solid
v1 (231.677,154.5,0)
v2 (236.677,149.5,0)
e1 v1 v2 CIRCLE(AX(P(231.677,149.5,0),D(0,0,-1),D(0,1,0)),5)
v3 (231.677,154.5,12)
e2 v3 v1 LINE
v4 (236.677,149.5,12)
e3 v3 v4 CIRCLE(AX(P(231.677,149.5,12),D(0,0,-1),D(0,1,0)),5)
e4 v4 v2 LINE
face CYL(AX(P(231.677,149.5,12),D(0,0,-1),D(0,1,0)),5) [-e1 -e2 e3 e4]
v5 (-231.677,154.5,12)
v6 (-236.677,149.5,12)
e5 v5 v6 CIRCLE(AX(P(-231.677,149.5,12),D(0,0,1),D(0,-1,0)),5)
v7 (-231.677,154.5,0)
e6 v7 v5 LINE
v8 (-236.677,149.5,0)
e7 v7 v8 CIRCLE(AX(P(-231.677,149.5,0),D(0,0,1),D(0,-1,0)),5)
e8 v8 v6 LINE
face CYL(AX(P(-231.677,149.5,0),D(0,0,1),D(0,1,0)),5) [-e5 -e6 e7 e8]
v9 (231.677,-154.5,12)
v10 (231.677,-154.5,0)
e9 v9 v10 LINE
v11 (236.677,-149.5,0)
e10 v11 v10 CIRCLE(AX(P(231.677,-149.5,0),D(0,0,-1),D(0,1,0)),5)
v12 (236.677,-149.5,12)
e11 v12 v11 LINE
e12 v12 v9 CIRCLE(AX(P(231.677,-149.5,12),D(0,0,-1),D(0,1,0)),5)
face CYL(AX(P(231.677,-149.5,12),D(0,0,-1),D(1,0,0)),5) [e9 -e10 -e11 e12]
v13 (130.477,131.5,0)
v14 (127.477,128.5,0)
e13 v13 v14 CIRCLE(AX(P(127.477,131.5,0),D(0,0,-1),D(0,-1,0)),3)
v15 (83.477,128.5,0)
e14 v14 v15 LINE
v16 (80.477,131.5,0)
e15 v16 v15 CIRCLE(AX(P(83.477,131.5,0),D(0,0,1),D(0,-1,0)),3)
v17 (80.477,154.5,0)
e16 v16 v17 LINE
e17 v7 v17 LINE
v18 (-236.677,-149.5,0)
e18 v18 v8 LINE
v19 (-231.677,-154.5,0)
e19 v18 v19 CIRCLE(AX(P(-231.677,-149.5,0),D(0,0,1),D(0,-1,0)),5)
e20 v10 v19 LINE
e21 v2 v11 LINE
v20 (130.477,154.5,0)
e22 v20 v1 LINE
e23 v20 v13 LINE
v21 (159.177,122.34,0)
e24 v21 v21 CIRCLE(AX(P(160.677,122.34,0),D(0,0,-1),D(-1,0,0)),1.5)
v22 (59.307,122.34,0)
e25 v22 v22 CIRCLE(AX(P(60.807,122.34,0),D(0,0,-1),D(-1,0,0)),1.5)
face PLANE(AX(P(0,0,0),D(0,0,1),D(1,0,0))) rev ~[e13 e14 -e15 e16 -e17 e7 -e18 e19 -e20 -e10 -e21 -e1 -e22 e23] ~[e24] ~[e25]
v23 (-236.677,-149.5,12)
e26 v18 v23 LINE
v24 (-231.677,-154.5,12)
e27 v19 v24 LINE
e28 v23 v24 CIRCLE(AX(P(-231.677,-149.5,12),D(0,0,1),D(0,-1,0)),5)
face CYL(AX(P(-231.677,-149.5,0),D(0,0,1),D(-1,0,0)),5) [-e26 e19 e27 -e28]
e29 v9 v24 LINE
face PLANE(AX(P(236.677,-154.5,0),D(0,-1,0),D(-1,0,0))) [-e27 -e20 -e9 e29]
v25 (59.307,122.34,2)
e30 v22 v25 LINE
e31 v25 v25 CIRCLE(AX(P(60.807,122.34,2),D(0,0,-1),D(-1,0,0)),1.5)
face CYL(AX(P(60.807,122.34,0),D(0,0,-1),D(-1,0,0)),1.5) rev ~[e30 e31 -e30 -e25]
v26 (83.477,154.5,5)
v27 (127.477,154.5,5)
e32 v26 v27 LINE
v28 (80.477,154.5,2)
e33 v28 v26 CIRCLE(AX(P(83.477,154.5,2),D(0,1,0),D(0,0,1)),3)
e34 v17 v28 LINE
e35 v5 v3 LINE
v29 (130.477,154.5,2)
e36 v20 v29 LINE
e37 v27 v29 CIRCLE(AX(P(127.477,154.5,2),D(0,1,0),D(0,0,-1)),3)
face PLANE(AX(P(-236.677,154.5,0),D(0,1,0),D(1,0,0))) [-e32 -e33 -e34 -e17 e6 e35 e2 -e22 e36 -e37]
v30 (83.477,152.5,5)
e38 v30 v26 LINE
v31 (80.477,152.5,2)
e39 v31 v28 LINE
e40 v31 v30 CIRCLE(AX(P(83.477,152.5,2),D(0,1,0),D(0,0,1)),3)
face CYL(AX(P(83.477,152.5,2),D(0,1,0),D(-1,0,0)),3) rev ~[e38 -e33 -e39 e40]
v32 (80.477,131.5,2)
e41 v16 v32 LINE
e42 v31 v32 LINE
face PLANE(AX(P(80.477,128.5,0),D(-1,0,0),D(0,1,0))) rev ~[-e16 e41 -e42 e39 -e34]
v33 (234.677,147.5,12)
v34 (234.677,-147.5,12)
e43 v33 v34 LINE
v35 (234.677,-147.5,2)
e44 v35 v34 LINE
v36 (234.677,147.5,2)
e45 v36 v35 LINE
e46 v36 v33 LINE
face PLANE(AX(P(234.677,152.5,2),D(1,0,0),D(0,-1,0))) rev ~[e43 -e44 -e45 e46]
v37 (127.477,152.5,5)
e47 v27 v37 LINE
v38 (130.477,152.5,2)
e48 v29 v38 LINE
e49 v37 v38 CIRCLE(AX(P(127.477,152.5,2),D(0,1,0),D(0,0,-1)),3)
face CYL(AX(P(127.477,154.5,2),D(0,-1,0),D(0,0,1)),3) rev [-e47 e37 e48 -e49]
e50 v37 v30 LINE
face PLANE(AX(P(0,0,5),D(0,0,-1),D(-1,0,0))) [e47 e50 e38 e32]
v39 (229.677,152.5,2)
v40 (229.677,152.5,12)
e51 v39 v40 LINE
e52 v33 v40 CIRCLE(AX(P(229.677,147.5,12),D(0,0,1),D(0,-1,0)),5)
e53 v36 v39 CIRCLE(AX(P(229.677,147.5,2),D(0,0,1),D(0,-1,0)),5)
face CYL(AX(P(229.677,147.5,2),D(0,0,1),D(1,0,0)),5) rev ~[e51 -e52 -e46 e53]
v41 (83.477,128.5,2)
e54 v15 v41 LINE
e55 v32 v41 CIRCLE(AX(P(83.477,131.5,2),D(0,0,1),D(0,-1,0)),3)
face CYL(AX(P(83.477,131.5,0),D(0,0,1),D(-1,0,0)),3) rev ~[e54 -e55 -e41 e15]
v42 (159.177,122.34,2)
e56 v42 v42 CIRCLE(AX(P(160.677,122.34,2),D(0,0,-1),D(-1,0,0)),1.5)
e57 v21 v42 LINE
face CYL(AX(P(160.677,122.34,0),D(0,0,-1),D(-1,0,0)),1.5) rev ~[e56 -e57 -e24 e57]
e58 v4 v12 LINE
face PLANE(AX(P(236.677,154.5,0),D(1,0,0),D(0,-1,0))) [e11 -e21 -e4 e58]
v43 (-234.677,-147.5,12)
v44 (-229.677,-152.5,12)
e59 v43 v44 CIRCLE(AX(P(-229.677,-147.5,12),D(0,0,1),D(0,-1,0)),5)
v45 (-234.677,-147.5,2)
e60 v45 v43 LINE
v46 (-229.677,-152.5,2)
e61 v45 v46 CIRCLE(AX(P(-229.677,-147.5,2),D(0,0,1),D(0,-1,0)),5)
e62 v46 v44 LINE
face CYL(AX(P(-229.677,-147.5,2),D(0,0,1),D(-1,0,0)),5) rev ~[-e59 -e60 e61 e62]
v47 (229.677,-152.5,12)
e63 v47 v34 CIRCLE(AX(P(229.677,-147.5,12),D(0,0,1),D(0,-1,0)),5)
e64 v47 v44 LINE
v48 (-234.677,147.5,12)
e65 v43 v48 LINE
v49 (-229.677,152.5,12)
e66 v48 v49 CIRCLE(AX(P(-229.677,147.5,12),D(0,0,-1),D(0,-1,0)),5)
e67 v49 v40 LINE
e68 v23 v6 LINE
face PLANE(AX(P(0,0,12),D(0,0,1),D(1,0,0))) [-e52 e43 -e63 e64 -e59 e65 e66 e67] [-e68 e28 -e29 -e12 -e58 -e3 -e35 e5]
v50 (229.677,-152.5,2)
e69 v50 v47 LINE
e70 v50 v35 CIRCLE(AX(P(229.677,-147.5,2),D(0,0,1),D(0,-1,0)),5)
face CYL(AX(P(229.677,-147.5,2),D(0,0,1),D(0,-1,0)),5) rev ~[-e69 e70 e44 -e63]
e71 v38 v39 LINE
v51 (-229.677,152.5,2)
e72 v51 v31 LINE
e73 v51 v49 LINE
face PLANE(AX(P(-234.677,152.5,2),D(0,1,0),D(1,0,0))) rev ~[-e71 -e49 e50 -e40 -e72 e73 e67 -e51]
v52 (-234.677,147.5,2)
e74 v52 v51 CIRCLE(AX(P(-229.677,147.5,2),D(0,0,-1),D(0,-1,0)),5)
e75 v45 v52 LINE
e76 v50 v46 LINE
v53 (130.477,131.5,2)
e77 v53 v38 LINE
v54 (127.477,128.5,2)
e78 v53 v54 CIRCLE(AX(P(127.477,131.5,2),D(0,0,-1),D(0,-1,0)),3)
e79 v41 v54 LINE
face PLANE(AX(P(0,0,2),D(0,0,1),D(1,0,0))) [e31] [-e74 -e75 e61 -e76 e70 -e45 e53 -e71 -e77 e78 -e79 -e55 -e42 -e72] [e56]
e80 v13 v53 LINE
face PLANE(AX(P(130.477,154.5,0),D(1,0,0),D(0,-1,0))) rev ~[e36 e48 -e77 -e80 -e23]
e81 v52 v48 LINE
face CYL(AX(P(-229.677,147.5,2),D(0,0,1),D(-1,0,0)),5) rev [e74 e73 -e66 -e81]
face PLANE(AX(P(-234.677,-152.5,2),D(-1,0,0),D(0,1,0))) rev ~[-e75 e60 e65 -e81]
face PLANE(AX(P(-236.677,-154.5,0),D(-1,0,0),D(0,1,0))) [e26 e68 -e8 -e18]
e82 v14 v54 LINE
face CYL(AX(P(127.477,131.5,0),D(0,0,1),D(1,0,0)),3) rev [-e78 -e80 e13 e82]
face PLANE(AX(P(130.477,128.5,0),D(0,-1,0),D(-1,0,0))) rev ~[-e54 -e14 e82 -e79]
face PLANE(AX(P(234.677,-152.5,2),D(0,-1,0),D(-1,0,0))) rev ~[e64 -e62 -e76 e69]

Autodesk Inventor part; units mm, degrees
ref_plane "YZ Plane" through (0, 0, 0) normal (1, 0, 0) x (0, 1, 0)
ref_plane "XZ Plane" through (0, 0, 0) normal (0, 1, 0) x (-1, 0, 0)
ref_plane "XY Plane" through (0, 0, 0) normal (0, 0, 1) x (1, 0, 0)
sketch "Sketch1" plane through (0, 0, 0) normal (0, 0, 1) x (1, 0, 0)
  line L0 (-236.677, 154.5) -> (236.677, 154.5)
  line L1 (236.677, 154.5) -> (236.677, -154.5)
  line L2 (236.677, -154.5) -> (-236.677, -154.5)
  line L3 (-236.677, -154.5) -> (-236.677, 154.5)
  point P0 (0, 0)
  point P1 (0, 154.5)
  point P2 (-236.677, 0)
  dimension "d0" = 473.354
  dimension "d1" = 309
extrude "Extrusion1" add sketch "Sketch1" along normal blind 2
sketch "Sketch2" plane through (0, 0, 2) normal (0, 0, 1) x (1, 0, 0)
  line L0 (-236.677, 154.5) -> (236.677, 154.5)
  line L1 (236.677, 154.5) -> (236.677, -154.5)
  line L2 (236.677, -154.5) -> (-236.677, -154.5)
  line L3 (-236.677, -154.5) -> (-236.677, 154.5)
  line L4 (-234.677, 152.5) -> (234.677, 152.5)
  line L5 (234.677, 152.5) -> (234.677, -152.5)
  line L6 (234.677, -152.5) -> (-234.677, -152.5)
  line L7 (-234.677, -152.5) -> (-234.677, 152.5)
  point P0 (0, 0)
  dimension "d4" = 2
extrude "Extrusion2" add sketch "Sketch2" along normal blind 10
fillet "Fillet1" radius 5 8 edges at (236.677, -154.5, 6) (234.677, -152.5, 7) (-236.677, -154.5, 6) (-234.677, -152.5, 7) (-234.677, 152.5, 7) (236.677, 154.5, 6) (234.677, 152.5, 7) (-236.677, 154.5, 6)
sketch "Sketch4" plane through (0, 0, 0) normal (0, 0, -1) x (-1, 0, 0)
  line L0 (-231.677, -154.5) -> (231.677, -154.5)
  line L1 (236.677, -149.5) -> (236.677, 149.5)
  line L2 (-80.477, 154.5) -> (-130.477, 154.5)
  line L3 (-130.477, 154.5) -> (-130.477, 128.5)
  line L4 (-130.477, 128.5) -> (-80.477, 128.5)
  line L5 (-80.477, 128.5) -> (-80.477, 154.5)
  line L6 (231.677, 154.5) -> (-231.677, 154.5) projected
  line L7 (-236.677, 149.5) -> (-236.677, -149.5) projected
  circle A0 centre (-60.807, 122.34) radius 1.5
  circle A1 centre (-160.677, 122.34) radius 1.5
  point P0 (0, 0)
  point P1 (0, 0)
  dimension "d24" = 50
  dimension "d25" = 106.2
  dimension "d26" = 3
  dimension "d27" = 3
  dimension "d28" = 32.16
  dimension "d29" = 99.87
  dimension "d30" = 76
  dimension "d33" = 26
extrude "Extrusion4" cut sketch "Sketch4" against normal blind 5
fillet "Fillet2" radius 3 4 edges at (80.477, 128.5, 1) (130.477, 128.5, 1) (130.477, 153.5, 5) (80.477, 153.5, 5)
properties part number "printer floor plate"
